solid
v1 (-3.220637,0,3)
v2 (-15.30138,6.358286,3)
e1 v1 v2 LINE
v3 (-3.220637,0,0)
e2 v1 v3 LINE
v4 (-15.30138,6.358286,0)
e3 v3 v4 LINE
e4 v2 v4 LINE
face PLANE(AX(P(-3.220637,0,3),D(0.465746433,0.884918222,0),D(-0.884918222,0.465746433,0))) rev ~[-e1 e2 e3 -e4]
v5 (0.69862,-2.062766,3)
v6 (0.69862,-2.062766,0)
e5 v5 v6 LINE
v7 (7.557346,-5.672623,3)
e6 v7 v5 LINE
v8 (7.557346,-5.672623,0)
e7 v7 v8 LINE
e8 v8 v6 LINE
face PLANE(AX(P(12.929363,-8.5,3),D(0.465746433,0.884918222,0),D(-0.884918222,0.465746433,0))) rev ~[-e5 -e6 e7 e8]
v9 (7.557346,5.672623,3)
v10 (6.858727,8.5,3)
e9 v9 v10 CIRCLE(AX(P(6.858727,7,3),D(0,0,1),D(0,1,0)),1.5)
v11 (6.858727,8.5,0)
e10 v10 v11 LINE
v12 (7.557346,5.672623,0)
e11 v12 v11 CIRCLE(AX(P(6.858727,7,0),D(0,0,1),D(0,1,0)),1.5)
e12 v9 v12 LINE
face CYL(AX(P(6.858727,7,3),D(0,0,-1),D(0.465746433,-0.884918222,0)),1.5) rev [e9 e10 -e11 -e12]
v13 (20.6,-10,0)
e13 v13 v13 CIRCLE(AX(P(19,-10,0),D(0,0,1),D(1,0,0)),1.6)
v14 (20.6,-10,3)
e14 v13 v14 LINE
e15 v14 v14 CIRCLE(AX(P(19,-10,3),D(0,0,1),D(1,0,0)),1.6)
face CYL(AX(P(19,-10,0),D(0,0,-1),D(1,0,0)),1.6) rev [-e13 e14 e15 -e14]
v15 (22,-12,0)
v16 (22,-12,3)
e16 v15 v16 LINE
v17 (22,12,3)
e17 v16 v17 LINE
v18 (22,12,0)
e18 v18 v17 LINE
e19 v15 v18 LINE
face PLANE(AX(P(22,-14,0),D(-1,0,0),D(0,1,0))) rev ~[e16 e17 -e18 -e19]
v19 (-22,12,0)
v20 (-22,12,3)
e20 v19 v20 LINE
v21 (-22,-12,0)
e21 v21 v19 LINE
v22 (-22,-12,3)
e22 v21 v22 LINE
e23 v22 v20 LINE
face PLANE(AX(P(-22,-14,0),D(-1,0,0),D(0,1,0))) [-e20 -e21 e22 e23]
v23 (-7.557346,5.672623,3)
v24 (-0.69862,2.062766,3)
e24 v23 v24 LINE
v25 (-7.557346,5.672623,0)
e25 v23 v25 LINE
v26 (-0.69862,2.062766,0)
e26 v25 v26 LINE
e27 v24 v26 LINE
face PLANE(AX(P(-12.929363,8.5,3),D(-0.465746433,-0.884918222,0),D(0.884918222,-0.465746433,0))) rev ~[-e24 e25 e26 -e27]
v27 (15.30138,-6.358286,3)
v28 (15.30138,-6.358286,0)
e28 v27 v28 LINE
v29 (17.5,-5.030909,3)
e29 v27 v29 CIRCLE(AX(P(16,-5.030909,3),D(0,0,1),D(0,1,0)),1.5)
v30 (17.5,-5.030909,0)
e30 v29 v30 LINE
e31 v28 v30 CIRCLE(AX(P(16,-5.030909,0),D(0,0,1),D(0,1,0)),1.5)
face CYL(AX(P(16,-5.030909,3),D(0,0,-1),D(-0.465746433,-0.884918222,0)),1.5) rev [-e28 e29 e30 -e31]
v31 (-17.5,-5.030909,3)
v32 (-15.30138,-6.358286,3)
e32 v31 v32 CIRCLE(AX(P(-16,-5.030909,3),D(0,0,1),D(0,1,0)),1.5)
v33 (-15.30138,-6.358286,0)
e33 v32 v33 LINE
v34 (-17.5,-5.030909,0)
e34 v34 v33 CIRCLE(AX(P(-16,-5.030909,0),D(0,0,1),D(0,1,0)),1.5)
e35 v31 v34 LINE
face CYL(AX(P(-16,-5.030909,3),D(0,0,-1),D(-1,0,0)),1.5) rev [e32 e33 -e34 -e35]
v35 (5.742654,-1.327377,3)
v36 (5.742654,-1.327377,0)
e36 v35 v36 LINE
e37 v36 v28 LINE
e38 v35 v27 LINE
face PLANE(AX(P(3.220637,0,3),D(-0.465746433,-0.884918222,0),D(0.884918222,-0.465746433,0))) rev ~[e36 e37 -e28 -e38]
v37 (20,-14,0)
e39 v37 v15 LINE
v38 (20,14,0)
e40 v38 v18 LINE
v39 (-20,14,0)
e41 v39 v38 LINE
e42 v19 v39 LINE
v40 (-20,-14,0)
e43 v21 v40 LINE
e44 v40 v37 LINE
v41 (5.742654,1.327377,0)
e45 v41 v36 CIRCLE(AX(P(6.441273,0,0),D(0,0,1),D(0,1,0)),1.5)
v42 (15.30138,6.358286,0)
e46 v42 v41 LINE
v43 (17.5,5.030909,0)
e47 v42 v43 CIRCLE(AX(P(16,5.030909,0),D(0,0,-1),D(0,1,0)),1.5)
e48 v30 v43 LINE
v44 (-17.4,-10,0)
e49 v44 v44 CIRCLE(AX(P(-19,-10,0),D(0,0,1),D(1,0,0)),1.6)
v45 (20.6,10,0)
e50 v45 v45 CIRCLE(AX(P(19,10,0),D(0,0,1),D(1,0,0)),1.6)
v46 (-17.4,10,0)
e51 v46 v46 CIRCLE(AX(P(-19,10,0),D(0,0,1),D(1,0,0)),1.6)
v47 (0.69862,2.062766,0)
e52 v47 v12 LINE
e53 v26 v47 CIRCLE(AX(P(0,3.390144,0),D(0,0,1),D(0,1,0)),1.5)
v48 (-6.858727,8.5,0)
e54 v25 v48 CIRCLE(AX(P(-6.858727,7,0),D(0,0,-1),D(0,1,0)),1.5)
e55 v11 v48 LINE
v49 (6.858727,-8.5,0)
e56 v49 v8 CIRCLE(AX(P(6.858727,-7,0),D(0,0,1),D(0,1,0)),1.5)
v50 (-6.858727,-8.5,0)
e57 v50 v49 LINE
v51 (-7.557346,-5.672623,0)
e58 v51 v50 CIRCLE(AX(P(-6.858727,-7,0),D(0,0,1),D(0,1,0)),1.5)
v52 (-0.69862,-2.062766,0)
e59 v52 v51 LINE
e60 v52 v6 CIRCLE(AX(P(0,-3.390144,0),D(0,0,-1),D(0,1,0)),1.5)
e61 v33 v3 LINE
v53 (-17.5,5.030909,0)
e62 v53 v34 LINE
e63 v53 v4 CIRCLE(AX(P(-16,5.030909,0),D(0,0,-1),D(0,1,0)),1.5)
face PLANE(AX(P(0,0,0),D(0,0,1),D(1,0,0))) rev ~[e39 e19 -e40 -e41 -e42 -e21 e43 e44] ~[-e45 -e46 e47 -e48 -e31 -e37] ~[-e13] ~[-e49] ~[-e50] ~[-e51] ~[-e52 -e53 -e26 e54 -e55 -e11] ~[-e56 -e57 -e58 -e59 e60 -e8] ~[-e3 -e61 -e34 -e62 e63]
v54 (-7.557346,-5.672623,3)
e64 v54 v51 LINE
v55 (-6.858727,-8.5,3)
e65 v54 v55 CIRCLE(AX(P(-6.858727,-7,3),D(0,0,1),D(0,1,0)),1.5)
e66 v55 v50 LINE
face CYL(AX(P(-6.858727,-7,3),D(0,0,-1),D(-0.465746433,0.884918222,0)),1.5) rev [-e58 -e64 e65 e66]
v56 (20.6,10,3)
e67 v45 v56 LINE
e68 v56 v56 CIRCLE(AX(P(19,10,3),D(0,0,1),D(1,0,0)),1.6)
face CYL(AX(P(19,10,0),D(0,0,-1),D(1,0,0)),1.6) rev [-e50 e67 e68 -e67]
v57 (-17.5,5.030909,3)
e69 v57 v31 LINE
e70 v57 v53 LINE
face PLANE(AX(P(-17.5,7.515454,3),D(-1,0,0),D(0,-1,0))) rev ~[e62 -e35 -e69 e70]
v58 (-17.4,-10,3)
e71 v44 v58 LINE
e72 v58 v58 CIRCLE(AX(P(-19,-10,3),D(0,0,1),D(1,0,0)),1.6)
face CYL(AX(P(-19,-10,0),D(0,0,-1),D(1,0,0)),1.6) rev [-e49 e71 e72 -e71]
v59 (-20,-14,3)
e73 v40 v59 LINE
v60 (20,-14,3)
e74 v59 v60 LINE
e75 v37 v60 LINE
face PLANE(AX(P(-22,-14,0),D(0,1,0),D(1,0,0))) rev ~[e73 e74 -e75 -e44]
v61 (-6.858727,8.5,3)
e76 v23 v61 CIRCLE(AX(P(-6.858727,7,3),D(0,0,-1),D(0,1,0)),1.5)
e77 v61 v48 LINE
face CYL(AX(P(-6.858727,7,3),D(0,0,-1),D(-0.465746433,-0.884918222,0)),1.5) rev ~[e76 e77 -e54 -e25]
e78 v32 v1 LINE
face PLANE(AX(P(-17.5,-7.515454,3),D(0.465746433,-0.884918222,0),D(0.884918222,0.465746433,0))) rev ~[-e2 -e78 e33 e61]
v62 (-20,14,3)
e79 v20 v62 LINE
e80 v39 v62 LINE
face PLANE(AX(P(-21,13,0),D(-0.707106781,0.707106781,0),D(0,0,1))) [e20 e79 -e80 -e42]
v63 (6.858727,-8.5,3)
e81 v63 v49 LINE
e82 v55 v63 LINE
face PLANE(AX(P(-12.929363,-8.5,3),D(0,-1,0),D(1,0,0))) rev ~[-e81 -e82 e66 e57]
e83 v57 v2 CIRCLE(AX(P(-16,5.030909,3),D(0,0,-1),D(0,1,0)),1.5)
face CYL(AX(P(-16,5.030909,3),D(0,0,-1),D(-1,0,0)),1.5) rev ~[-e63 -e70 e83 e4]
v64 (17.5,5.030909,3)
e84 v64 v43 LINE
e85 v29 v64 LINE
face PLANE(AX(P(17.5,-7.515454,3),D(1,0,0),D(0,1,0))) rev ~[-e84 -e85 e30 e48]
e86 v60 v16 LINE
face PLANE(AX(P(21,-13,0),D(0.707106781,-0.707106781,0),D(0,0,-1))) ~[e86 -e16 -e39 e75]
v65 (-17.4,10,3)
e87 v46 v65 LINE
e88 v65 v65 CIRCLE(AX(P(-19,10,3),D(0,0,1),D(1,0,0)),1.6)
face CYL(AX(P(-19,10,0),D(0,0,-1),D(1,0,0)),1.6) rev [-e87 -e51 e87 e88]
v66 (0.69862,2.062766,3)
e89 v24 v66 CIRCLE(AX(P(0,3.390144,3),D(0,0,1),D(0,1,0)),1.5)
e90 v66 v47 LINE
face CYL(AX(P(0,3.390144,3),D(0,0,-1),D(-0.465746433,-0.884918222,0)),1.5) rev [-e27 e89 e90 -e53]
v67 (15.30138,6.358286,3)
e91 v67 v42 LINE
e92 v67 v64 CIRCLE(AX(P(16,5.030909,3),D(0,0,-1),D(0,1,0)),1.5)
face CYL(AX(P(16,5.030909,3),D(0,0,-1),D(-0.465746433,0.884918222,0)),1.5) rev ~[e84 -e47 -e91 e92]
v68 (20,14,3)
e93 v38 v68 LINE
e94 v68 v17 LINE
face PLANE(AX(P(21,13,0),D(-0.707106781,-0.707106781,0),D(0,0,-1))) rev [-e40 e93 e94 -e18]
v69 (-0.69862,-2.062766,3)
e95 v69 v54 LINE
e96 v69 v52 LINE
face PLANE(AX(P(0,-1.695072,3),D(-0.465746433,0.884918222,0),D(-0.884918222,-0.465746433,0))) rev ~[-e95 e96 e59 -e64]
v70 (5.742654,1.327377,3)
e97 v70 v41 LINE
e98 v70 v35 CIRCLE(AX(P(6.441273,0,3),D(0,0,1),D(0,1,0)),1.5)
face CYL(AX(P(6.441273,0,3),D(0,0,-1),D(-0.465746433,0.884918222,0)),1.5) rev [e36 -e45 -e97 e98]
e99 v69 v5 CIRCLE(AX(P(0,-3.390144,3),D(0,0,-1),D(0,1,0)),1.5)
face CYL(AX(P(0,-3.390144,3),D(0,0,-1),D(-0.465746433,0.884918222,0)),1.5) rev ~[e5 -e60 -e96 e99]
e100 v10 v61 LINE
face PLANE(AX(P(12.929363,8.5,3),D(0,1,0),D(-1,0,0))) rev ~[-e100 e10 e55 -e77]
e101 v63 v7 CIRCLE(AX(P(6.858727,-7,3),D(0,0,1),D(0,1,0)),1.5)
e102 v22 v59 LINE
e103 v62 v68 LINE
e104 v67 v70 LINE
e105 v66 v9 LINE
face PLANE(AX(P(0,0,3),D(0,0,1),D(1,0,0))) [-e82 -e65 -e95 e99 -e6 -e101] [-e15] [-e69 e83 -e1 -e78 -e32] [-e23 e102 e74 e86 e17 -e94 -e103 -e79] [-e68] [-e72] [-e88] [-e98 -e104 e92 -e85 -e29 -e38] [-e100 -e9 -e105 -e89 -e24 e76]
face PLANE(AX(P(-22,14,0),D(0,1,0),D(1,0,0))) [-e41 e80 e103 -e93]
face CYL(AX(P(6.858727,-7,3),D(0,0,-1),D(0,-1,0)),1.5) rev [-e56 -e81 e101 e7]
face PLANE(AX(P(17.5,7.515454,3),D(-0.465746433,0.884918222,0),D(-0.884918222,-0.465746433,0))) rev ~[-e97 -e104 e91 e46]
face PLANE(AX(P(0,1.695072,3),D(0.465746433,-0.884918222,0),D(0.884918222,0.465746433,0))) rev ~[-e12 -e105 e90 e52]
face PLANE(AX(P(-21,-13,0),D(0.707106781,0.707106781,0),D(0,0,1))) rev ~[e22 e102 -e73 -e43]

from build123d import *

# Parameters (mm, degrees)
SKETCH_1_W          = 44
SKETCH_1_H          = 28
SKETCH_1_R          = 1.6
EXTRUDE_1_DEPTH     = 3
CUT_EXTRUDE_1_DEPTH = 3
FILLET_1_R          = 1.5
CHAMFER_1_SIZE      = 2


with BuildPart() as part:
    # 草图1 → 凸台-拉伸1 (new body)
    with BuildSketch(Plane.XY):
        Rectangle(SKETCH_1_W, SKETCH_1_H)
        with Locations((-19, 10)):
            Circle(SKETCH_1_R, mode=Mode.SUBTRACT)
        with Locations((-19, -10)):
            Circle(SKETCH_1_R, mode=Mode.SUBTRACT)
        with Locations((19, -10)):
            Circle(SKETCH_1_R, mode=Mode.SUBTRACT)
        with Locations((19, 10)):
            Circle(SKETCH_1_R, mode=Mode.SUBTRACT)
    extrude(amount=EXTRUDE_1_DEPTH)

    # 草图2 → 切除-拉伸1 (cut)
    with BuildSketch(Plane.XY.offset(3)):
        Polygon((-17.5, 7.51545443), (-17.5, -7.51545443), (-3.220636583, 0), align=None)
        Polygon((-12.929363417, 8.5), (0, 1.695071886), (12.929363417, 8.5), align=None)
        Polygon((0, -1.695071886), (-12.929363417, -8.5), (12.929363417, -8.5), align=None)
        Polygon((17.5, 7.51545443), (3.220636583, 0), (17.5, -7.51545443), align=None)
    extrude(amount=-CUT_EXTRUDE_1_DEPTH, mode=Mode.SUBTRACT)

    # 圆角1
    fillet_1_edges = [part.edges().sort_by_distance(p)[0] for p in [
        (0, 1.695071886, 1.5),
        (-12.929363417, 8.5, 1.5),
        (12.929363417, 8.5, 1.5),
        (-12.929363417, -8.5, 1.5),
        (0, -1.695071886, 1.5),
        (12.929363417, -8.5, 1.5),
        (3.220636583, 0, 1.5),
        (17.5, 7.51545443, 1.5),
        (17.5, -7.51545443, 1.5),
        (-17.5, 7.51545443, 1.5),
        (-17.5, -7.51545443, 1.5),
    ]]
    fillet(fillet_1_edges, radius=FILLET_1_R)

    # 倒角1
    chamfer_1_edges = [part.edges().sort_by_distance(p)[0] for p in [
        (22, -14, 1.5),
        (-22, -14, 1.5),
        (-22, 14, 1.5),
        (22, 14, 1.5),
    ]]
    chamfer(chamfer_1_edges, length=CHAMFER_1_SIZE)


solid = part.part
